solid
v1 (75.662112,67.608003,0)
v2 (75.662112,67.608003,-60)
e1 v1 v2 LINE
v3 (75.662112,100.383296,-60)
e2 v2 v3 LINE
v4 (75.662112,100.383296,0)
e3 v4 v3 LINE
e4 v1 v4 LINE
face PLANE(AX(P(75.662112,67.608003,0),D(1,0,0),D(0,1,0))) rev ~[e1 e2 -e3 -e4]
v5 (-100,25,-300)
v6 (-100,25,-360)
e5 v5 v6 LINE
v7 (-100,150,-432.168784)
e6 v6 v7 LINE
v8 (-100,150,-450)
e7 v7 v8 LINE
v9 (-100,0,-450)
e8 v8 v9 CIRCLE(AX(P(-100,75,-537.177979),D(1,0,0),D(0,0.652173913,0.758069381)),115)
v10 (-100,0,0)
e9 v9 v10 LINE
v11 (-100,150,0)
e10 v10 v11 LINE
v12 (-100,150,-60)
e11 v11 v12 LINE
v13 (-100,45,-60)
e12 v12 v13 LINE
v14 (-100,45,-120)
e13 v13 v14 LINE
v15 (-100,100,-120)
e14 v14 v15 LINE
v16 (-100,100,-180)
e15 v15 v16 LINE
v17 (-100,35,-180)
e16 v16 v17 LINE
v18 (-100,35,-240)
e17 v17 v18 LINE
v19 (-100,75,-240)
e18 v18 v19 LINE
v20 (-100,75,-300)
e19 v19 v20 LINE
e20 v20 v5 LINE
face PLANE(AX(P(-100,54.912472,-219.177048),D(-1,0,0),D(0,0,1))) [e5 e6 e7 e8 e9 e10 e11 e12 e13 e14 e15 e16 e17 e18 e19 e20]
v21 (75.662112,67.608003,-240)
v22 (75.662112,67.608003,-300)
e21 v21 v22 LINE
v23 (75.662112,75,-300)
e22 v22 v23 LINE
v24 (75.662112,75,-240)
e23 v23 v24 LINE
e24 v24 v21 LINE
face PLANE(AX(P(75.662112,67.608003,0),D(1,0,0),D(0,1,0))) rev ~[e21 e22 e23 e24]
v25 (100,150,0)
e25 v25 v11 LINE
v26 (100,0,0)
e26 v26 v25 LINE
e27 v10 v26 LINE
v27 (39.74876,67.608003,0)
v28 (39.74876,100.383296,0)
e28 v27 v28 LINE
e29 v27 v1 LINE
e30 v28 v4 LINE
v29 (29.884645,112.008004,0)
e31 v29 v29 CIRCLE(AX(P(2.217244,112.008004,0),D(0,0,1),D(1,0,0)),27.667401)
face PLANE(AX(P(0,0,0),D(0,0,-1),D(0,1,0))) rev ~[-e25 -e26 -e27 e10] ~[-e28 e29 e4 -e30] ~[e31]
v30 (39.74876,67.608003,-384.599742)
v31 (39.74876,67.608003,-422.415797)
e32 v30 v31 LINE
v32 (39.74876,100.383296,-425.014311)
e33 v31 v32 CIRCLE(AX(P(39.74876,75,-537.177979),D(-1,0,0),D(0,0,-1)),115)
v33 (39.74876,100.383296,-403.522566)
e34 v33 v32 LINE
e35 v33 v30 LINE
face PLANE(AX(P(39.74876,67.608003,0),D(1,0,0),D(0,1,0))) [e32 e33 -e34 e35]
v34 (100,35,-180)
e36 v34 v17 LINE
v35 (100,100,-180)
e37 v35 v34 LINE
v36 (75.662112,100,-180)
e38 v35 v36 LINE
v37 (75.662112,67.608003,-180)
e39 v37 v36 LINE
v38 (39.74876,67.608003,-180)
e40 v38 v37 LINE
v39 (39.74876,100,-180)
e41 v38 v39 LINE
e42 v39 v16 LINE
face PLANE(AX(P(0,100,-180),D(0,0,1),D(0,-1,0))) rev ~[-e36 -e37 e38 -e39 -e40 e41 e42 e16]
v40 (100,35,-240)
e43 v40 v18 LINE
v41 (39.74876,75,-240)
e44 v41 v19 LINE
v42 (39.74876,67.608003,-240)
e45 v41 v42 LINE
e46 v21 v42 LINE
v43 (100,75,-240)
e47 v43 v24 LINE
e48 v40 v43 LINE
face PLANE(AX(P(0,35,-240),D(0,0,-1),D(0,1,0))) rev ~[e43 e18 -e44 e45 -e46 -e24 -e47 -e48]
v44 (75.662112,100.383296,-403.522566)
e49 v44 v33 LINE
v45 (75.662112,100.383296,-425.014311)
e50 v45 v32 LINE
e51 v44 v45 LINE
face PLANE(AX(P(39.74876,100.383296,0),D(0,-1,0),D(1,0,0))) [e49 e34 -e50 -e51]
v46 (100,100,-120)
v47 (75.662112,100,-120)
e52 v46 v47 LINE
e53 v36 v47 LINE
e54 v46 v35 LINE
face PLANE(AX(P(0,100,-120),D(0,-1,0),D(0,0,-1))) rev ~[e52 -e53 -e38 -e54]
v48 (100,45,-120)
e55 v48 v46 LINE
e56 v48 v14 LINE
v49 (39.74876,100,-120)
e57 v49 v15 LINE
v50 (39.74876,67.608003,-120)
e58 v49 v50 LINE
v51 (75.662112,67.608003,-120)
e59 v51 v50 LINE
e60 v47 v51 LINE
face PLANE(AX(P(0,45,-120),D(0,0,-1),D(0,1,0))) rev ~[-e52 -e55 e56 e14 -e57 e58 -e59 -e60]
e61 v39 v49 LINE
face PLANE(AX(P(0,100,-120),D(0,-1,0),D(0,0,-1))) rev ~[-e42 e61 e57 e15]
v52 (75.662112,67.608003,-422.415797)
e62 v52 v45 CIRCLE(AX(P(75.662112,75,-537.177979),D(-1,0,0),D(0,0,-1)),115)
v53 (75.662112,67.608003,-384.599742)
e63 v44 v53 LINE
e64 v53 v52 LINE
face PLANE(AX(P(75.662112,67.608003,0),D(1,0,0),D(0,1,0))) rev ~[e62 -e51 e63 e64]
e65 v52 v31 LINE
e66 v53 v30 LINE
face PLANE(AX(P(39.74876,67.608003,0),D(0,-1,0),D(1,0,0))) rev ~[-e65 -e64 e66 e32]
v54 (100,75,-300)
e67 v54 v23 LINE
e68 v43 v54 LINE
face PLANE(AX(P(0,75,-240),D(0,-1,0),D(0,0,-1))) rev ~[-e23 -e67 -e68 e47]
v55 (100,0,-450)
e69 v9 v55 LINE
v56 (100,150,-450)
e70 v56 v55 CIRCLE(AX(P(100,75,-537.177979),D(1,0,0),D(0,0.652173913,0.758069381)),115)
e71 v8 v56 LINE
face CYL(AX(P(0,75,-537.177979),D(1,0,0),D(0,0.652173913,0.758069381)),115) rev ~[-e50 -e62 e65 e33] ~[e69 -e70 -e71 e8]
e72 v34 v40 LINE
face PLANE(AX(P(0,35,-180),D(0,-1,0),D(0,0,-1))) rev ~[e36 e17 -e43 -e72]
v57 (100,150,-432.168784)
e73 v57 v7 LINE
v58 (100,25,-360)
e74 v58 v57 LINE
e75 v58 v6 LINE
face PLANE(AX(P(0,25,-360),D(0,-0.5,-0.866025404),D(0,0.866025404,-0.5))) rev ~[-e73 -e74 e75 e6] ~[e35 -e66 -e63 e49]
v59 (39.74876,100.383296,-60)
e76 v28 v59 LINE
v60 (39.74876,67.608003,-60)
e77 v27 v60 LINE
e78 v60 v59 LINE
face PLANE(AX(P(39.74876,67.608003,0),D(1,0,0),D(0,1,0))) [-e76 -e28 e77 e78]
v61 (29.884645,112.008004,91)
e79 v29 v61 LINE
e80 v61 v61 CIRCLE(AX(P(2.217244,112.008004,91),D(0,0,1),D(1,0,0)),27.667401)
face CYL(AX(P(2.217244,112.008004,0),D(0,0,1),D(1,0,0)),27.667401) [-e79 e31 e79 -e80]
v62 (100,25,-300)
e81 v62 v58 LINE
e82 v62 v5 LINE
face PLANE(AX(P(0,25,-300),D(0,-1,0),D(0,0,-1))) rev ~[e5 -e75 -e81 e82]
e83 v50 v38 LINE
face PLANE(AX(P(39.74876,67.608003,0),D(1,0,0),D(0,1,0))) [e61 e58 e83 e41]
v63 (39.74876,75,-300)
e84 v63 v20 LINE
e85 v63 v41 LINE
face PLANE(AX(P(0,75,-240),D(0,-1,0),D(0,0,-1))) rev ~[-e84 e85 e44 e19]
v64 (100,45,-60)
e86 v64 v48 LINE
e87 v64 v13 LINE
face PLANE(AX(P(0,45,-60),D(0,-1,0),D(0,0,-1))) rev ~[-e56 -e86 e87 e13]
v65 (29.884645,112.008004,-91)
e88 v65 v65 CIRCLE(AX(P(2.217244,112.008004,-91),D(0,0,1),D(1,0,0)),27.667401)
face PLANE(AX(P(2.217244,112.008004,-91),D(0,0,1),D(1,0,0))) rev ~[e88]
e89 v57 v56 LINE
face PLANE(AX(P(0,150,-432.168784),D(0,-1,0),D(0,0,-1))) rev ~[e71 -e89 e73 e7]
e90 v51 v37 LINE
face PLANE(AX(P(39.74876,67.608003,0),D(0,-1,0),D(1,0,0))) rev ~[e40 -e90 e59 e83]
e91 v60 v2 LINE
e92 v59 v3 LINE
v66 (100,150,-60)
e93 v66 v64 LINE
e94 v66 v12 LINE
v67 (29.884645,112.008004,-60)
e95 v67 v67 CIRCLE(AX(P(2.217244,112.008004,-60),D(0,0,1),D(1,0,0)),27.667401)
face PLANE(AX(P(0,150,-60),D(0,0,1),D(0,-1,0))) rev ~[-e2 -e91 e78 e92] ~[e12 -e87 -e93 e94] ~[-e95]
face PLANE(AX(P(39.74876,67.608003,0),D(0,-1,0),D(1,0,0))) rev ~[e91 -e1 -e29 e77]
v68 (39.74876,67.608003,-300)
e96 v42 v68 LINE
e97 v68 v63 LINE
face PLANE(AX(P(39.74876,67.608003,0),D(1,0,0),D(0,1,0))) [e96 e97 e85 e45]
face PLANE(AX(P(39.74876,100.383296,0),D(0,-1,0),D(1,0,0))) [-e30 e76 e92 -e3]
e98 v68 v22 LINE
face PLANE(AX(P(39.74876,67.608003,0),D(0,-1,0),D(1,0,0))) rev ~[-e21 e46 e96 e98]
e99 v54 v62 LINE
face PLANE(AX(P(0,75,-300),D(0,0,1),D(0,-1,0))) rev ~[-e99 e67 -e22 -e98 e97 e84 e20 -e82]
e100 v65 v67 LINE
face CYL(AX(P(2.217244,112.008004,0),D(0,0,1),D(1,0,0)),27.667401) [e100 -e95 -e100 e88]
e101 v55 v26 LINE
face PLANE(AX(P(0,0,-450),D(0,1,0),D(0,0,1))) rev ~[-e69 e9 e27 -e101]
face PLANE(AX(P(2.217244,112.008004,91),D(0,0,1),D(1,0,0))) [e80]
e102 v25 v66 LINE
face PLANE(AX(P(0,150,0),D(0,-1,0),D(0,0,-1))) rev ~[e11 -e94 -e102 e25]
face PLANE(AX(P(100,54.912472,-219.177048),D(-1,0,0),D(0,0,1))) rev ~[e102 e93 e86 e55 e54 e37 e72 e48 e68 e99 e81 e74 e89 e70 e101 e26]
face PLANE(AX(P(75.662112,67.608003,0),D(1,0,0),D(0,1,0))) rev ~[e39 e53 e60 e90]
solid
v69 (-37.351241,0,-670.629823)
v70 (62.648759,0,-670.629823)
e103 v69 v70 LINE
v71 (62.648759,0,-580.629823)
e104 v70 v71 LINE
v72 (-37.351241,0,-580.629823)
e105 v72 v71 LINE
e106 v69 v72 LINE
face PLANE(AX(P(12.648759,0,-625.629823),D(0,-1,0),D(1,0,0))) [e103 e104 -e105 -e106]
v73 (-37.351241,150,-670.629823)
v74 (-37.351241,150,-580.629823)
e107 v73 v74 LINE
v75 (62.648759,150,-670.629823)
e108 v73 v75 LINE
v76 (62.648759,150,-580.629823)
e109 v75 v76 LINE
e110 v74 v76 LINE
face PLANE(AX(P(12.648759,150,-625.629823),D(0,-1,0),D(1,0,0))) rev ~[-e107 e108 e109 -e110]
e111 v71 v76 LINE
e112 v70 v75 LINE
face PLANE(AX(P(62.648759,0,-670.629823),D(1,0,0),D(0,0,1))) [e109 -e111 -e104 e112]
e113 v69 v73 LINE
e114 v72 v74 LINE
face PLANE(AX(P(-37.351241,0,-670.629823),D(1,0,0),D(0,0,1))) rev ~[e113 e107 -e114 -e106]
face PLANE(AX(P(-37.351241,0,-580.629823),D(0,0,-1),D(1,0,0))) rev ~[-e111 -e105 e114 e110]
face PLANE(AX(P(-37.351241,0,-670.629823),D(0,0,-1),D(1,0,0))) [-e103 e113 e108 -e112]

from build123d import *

# Parameters (mm, degrees)
BOSS_EXTRUDE1_DEPTH     = 100
SKETCH2_W               = 100
SKETCH2_H               = 90
BOSS_EXTRUDE2_DEPTH     = 150
SKETCH4_R               = 27.667400723
BOSS_EXTRUDE3_DEPTH     = 91
CUT_EXTRUDE1_REACH      = 696.438
CUT_EXTRUDE1_END_RADIUS = 115
SKETCH5_W               = 35.913352936
SKETCH5_H               = 32.77529297


with BuildPart() as part:
    # Sketch1 → Boss-Extrude1 (new, symmetric)
    with BuildSketch(Plane(origin=(0, 0, 0), x_dir=(0, 0, -1), z_dir=(1, 0, 0))):
        with BuildLine():
            Line((0, 0), (0, 150))
            Line((0, 150), (60, 150))
            Line((60, 150), (60, 45))
            Line((60, 45), (120, 45))
            Line((120, 45), (120, 100))
            Line((120, 100), (180, 100))
            Line((180, 100), (180, 35))
            Line((180, 35), (240, 35))
            Line((240, 35), (240, 75))
            Line((240, 75), (300, 75))
            Line((300, 75), (300, 25))
            Line((300, 25), (360, 25))
            Line((360, 25), (432.168783649, 150))
            Line((432.168783649, 150), (450, 150))
            ThreePointArc((450, 150), (422.177978871, 75), (450, 0))
            Line((450, 0), (0, 0))
        make_face()
    extrude(amount=BOSS_EXTRUDE1_DEPTH, both=True)

    # Sketch4 → Boss-Extrude3 (add, symmetric)
    with BuildSketch(Plane.XY):
        with Locations((2.217244457, 112.008003776)):
            Circle(SKETCH4_R)
    extrude(amount=BOSS_EXTRUDE3_DEPTH, both=True)

    # Cut-Extrude1: up to this cylinder (the profile starts outside it)
    cut_extrude1_end = Plane(origin=(57.705436, 75, -537.177978871), z_dir=(-1, 0, 0)) * Cylinder(CUT_EXTRUDE1_END_RADIUS, 1623.876, mode=Mode.PRIVATE)
    # Sketch5 → Cut-Extrude1 (cut, up to the surface)
    with BuildSketch(Plane.XY, mode=Mode.PRIVATE) as cut_extrude1_sk1:
        with Locations((57.705436028, 83.995649624)):
            Rectangle(SKETCH5_W, SKETCH5_H)
    cut_extrude1_tool1 = extrude(cut_extrude1_sk1.sketch, amount=-CUT_EXTRUDE1_REACH, mode=Mode.PRIVATE) - cut_extrude1_end
    add(cut_extrude1_tool1.solids().sort_by_distance((57.705436, 83.99565, 0))[0], mode=Mode.SUBTRACT)


with BuildPart() as body_2:
    # Sketch2 → Boss-Extrude2 (new body)
    with BuildSketch(Plane.XZ):
        with Locations((12.648758885, -625.62982313)):
            Rectangle(SKETCH2_W, SKETCH2_H)
    extrude(amount=-BOSS_EXTRUDE2_DEPTH)


solid = Compound([part.part, body_2.part])
